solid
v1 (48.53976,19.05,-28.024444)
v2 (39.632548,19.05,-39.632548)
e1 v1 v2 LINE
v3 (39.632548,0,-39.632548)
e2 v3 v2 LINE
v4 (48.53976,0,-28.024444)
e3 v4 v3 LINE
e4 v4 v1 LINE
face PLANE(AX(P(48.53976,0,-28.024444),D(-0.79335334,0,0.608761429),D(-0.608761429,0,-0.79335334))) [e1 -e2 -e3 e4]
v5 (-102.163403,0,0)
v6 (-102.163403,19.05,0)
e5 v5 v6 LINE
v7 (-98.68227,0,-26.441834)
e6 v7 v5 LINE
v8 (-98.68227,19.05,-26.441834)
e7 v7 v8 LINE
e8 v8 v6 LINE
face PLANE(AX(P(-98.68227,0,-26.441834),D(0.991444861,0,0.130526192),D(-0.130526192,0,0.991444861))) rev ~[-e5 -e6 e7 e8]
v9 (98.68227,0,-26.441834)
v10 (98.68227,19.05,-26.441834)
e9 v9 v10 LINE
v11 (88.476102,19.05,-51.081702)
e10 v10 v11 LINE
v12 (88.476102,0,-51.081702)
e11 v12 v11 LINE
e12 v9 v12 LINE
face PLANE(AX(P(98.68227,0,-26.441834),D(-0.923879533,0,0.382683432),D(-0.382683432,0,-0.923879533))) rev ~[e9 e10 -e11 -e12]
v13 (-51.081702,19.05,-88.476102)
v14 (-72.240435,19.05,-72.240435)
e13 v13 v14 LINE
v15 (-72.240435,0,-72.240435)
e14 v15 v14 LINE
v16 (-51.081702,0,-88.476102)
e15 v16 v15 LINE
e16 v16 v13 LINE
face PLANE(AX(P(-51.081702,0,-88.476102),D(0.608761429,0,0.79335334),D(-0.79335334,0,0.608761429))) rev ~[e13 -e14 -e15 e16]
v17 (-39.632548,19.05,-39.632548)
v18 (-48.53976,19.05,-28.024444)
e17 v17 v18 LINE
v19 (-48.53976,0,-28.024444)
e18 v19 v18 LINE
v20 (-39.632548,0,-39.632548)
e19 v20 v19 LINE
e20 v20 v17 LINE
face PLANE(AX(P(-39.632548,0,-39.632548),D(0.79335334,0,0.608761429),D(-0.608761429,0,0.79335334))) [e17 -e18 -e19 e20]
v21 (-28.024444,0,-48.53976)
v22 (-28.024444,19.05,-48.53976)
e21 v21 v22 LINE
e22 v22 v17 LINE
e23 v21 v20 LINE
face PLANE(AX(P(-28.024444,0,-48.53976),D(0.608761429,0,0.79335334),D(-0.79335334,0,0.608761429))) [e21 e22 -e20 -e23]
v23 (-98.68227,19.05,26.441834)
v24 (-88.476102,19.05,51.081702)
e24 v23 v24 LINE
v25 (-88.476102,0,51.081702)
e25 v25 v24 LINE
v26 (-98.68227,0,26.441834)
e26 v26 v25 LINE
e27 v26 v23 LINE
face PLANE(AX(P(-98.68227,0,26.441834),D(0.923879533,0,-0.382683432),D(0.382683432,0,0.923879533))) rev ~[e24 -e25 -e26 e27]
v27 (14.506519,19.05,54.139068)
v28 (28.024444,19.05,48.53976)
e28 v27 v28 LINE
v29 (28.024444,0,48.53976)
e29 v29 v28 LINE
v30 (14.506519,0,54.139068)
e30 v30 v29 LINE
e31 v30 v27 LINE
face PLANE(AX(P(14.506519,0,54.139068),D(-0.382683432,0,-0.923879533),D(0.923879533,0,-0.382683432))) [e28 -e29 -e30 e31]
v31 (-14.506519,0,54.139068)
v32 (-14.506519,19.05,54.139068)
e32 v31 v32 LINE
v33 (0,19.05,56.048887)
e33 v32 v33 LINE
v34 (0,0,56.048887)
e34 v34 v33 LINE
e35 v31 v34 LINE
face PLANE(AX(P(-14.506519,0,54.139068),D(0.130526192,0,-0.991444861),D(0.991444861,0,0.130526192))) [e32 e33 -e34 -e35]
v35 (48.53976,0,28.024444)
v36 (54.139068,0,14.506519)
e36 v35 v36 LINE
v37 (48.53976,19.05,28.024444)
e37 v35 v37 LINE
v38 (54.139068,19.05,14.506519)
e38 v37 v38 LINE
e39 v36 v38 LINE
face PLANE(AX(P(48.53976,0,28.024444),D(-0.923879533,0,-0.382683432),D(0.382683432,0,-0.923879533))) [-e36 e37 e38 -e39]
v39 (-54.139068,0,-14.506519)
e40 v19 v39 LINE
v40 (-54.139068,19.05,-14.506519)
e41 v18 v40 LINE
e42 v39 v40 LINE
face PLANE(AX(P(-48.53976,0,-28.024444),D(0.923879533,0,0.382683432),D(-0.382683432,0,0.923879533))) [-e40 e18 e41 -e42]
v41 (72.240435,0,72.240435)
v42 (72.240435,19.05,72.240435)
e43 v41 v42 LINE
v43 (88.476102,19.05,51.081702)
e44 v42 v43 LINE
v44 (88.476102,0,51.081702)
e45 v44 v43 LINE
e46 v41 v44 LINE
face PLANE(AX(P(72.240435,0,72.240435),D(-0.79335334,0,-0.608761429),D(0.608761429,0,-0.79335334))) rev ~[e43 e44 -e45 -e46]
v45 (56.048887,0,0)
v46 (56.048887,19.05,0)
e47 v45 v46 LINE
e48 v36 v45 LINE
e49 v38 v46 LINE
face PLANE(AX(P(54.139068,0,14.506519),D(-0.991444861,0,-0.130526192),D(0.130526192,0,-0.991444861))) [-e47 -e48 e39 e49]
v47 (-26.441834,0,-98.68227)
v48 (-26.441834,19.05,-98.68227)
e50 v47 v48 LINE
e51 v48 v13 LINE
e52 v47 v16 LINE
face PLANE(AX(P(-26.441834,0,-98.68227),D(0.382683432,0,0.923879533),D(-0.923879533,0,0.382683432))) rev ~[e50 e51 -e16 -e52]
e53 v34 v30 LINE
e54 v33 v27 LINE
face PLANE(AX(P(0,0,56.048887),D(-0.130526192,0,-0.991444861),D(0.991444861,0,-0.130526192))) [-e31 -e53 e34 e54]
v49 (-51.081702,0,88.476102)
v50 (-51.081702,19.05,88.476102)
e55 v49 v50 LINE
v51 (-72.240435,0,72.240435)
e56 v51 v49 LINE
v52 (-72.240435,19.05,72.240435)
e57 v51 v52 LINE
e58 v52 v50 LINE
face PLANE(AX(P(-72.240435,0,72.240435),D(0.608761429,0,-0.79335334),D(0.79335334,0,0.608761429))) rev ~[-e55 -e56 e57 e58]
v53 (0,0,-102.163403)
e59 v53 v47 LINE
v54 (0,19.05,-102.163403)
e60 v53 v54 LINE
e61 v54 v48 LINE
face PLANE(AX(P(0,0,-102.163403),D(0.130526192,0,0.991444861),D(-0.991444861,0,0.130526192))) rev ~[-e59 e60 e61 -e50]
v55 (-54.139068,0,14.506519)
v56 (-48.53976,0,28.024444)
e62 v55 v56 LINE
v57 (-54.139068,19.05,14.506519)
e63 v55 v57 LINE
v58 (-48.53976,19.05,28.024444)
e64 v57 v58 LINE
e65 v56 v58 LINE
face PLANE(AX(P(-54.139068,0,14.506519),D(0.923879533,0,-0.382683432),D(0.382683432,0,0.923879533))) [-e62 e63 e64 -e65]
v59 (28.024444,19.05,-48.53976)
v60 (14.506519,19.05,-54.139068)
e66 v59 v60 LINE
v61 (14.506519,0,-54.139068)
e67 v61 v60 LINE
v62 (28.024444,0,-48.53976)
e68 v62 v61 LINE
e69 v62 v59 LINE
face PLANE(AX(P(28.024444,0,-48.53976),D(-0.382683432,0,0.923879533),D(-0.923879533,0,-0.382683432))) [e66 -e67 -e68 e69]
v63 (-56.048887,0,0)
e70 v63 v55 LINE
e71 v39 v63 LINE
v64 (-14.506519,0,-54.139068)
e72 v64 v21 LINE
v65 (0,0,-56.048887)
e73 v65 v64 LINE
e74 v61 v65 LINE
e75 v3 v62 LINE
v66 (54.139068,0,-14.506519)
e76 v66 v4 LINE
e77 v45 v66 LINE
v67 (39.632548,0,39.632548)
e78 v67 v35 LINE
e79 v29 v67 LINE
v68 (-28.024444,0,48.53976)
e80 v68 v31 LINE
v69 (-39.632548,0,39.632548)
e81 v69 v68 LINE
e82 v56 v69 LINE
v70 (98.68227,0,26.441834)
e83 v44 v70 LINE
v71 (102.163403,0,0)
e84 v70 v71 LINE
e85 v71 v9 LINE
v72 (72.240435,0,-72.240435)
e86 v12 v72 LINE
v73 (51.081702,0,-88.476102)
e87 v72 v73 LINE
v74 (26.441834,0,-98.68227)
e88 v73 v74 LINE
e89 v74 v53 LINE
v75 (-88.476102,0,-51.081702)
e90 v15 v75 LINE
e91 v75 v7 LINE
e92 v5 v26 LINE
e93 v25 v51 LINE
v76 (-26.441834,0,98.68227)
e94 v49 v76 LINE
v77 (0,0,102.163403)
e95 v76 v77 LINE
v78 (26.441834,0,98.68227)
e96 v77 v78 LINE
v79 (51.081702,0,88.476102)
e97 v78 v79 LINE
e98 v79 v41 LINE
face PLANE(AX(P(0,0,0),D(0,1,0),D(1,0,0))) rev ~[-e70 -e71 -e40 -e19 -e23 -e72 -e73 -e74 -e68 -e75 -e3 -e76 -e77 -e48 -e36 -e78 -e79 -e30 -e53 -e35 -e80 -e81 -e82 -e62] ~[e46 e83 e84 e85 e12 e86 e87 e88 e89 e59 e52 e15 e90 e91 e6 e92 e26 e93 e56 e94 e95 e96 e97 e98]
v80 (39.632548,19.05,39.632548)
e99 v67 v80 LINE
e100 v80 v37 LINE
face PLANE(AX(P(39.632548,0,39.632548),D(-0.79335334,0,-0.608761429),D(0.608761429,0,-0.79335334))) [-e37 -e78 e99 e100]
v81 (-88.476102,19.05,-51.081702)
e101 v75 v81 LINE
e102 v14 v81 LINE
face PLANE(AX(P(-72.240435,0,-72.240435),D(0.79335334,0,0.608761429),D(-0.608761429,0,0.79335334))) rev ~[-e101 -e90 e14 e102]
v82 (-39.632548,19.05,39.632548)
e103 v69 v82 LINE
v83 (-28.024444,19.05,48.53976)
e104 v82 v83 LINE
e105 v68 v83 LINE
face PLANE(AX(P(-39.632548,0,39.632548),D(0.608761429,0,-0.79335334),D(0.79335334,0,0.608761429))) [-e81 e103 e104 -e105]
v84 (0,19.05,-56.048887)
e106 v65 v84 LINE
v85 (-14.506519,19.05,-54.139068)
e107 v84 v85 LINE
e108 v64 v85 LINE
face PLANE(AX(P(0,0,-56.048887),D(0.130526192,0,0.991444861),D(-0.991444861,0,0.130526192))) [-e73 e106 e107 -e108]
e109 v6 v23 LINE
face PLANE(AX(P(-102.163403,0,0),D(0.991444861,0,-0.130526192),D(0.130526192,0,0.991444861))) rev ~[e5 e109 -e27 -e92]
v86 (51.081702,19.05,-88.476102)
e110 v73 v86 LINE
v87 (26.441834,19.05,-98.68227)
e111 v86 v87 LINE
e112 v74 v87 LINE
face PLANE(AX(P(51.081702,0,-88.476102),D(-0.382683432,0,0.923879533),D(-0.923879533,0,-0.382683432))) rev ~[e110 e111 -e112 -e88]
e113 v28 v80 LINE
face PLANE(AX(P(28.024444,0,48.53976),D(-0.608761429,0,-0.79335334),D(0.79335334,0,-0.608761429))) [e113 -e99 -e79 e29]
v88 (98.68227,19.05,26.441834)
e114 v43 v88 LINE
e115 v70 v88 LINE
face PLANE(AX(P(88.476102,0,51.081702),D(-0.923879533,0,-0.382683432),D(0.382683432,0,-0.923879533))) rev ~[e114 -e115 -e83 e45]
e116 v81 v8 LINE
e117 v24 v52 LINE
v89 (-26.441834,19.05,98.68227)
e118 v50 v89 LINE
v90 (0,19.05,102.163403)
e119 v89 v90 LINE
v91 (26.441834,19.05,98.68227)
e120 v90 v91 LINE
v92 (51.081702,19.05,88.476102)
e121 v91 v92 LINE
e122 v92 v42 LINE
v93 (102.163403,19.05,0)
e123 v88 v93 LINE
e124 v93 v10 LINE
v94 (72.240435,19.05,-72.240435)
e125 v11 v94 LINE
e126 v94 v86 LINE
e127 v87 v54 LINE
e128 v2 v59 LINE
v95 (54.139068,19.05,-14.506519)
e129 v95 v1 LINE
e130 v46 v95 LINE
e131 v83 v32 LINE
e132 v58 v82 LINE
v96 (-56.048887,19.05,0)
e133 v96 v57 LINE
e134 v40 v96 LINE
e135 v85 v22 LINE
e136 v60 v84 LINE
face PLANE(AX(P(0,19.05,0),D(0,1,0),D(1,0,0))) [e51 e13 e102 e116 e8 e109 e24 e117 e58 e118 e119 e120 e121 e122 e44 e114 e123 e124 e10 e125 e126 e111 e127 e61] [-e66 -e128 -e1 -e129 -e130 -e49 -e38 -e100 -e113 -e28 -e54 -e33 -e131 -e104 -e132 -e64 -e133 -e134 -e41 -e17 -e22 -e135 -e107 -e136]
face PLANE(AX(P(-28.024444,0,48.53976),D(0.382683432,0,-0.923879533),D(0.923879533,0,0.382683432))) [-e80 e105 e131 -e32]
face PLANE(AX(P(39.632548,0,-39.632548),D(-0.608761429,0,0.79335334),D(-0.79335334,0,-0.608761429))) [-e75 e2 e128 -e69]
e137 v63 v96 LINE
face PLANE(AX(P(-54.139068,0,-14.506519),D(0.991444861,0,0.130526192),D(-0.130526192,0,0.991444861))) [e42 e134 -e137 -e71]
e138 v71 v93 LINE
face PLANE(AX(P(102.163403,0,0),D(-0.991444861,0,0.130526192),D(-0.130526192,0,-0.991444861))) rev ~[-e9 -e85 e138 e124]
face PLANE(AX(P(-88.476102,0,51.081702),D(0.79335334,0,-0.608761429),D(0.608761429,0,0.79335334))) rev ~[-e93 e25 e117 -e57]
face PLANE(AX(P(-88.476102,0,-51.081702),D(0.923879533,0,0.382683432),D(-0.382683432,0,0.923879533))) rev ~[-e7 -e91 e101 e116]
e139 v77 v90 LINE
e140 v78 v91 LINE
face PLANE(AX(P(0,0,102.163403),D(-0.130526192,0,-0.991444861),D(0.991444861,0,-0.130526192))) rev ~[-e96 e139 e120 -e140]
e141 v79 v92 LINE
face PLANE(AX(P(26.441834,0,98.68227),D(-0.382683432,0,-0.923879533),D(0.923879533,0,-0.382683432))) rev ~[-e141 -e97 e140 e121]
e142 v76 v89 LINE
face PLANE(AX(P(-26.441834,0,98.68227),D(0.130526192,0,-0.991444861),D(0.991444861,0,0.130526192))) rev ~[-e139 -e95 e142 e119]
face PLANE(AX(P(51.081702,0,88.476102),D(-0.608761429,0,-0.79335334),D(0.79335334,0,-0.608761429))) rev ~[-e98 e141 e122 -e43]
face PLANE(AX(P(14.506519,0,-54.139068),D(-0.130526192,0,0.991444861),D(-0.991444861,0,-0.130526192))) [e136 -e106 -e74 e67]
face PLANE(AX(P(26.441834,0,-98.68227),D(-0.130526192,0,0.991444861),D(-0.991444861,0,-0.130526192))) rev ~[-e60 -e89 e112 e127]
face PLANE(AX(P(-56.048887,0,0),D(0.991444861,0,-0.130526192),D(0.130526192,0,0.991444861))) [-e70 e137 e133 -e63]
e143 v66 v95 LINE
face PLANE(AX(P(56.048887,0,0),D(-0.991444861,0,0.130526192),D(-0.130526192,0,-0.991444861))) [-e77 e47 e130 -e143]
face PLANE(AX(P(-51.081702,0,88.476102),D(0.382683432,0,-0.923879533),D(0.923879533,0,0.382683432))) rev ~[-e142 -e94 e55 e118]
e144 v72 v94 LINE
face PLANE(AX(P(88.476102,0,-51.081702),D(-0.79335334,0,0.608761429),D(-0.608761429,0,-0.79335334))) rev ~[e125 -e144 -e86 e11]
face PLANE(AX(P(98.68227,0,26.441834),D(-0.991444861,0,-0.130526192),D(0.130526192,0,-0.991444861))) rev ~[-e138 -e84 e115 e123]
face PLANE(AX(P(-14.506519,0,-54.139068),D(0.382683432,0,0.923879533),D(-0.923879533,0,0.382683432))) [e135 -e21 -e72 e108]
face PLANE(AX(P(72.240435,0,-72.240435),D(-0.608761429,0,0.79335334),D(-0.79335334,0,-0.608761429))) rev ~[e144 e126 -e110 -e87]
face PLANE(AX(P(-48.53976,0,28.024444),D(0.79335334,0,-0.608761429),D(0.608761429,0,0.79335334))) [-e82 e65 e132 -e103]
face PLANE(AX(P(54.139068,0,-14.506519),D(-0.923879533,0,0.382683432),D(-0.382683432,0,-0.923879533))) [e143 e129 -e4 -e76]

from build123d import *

# Parameters (mm, degrees)
BOSS_EXTRUDE1_DEPTH = 19.05


with BuildPart() as part:
    # Sketch1 → Boss-Extrude1 (new body)
    with BuildSketch(Plane(origin=(0, 0, 0), x_dir=(1, 0, 0), z_dir=(0, 1, 0))):
        Polygon((-102.16340317, 0), (-98.682269623, -26.441834453), (-88.476102482, -51.081701585), (-72.24043517, -72.24043517), (-51.081701585, -88.476102482), (-26.441834453, -98.682269623), (0, -102.16340317), (26.441834453, -98.682269623), (51.081701585, -88.476102482), (72.24043517, -72.24043517), (88.476102482, -51.081701585), (98.682269623, -26.441834453), (102.16340317, 0), (98.682269623, 26.441834453), (88.476102482, 51.081701585), (72.24043517, 72.24043517), (51.081701585, 88.476102482), (26.441834453, 98.682269623), (0, 102.16340317), (-26.441834453, 98.682269623), (-51.081701585, 88.476102482), (-72.24043517, 72.24043517), (-88.476102482, 51.081701585), (-98.682269623, 26.441834453), align=None)
        Polygon((-56.048887092, 0), (-54.139067577, -14.506519436), (-48.539760076, -28.024443546), (-39.632548141, -39.632548141), (-28.024443546, -48.539760076), (-14.506519436, -54.139067577), (0, -56.048887092), (14.506519436, -54.139067577), (28.024443546, -48.539760076), (39.632548141, -39.632548141), (48.539760076, -28.024443546), (54.139067577, -14.506519436), (56.048887092, 0), (54.139067577, 14.506519436), (48.539760076, 28.024443546), (39.632548141, 39.632548141), (28.024443546, 48.539760076), (14.506519436, 54.139067577), (0, 56.048887092), (-14.506519436, 54.139067577), (-28.024443546, 48.539760076), (-39.632548141, 39.632548141), (-48.539760076, 28.024443546), (-54.139067577, 14.506519436), align=None, mode=Mode.SUBTRACT)
    extrude(amount=BOSS_EXTRUDE1_DEPTH)


solid = part.part
